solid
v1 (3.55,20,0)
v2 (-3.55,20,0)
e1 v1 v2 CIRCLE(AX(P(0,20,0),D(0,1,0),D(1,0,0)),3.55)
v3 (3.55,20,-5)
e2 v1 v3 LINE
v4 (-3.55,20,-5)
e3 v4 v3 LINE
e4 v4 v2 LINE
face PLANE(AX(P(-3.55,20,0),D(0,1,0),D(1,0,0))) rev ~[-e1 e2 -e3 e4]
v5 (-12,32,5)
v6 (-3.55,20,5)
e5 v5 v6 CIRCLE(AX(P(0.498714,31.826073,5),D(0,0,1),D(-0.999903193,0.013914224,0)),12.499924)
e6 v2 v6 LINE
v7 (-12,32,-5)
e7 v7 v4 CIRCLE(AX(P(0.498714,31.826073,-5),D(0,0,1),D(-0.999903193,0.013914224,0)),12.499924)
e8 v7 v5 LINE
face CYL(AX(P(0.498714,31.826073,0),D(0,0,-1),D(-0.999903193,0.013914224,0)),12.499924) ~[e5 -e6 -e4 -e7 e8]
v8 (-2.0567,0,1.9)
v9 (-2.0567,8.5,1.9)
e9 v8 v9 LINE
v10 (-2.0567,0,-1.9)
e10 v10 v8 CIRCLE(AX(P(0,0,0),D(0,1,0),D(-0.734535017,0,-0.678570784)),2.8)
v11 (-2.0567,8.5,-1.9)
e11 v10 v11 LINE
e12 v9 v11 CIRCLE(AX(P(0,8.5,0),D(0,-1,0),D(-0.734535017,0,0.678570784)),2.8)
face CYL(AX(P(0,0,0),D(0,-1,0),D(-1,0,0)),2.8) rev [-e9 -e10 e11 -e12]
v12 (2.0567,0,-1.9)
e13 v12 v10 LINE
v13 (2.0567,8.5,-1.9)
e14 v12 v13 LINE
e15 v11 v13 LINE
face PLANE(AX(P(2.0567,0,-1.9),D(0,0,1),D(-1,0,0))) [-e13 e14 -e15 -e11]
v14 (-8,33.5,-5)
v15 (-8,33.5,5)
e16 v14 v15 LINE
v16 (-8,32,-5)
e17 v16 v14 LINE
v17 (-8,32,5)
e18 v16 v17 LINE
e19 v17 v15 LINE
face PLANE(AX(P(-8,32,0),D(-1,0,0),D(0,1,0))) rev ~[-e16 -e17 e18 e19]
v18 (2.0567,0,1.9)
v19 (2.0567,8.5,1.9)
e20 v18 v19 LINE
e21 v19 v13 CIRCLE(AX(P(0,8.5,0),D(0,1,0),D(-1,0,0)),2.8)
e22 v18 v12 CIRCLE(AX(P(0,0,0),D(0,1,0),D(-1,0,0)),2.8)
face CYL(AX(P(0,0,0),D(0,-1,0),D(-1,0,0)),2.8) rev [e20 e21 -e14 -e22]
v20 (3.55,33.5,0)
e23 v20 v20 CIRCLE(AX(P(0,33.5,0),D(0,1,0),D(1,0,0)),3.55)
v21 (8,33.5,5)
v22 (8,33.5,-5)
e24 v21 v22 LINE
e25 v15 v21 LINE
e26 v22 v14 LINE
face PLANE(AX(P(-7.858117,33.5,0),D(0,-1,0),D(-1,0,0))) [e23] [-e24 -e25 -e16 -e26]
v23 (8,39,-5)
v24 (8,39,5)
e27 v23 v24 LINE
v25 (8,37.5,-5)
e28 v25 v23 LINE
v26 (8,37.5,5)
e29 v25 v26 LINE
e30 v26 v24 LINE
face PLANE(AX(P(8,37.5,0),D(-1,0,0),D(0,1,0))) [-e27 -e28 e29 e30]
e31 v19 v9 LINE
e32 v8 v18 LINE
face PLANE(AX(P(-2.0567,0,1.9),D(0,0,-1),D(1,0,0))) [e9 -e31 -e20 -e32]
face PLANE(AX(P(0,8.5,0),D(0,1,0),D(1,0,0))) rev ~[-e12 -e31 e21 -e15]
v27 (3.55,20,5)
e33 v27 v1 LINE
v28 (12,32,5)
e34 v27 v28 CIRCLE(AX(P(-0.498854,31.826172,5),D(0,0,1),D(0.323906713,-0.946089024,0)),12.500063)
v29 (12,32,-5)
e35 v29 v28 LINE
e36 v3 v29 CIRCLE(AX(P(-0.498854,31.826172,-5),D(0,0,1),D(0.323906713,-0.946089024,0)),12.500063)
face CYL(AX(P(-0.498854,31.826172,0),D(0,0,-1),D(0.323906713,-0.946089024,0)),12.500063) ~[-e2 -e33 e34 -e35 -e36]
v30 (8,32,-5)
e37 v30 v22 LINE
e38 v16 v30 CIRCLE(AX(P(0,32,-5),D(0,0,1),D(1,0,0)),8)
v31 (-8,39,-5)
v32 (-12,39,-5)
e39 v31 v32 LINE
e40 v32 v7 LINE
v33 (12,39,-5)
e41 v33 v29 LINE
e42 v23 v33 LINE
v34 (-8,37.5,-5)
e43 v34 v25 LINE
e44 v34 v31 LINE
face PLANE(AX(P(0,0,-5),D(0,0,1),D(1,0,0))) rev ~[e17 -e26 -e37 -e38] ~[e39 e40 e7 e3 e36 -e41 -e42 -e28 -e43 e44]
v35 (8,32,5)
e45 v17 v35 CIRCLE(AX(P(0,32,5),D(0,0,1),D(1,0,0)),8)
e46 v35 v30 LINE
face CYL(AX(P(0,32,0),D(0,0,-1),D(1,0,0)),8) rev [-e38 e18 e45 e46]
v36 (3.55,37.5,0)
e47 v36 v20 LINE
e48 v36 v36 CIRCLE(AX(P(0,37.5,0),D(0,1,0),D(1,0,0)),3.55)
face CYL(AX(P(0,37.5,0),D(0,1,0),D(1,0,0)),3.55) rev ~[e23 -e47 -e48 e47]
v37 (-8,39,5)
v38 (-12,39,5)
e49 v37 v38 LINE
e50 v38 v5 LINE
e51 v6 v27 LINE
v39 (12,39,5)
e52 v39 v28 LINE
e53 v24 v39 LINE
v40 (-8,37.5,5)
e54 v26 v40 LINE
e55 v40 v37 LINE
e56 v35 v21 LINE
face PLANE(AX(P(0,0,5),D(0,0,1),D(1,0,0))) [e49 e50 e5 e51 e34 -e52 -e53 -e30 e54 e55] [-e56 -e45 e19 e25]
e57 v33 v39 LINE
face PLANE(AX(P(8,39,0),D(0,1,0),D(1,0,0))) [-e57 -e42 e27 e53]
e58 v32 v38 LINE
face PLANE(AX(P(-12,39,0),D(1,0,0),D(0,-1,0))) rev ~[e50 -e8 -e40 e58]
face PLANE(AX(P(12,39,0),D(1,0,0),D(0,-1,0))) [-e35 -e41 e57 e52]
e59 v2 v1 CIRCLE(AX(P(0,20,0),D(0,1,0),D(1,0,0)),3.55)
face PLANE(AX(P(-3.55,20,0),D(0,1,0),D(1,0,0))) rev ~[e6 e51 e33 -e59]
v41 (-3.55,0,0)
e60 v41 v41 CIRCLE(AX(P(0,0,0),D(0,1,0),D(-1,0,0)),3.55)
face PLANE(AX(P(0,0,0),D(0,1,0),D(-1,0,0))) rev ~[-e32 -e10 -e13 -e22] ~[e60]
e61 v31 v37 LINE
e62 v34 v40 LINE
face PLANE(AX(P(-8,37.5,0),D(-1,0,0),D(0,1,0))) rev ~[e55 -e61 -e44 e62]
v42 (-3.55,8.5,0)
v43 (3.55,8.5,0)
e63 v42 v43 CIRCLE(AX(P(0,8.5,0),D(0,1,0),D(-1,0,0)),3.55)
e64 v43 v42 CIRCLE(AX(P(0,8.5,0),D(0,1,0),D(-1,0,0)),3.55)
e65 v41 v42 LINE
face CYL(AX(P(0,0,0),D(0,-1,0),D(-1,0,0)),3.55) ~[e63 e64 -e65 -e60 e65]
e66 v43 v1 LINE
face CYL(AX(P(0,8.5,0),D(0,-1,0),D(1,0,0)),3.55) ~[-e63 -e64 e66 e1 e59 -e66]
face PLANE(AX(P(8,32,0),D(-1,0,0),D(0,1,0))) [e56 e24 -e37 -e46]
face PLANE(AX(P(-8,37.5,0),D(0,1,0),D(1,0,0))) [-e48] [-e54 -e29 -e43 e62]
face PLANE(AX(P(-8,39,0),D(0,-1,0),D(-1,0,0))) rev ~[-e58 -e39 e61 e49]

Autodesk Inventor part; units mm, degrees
ref_plane "YZ Plane" through (0, 0, 0) normal (1, 0, 0) x (0, 1, 0)
ref_plane "XZ Plane" through (0, 0, 0) normal (0, 1, 0) x (-1, 0, 0)
ref_plane "XY Plane" through (0, 0, 0) normal (0, 0, 1) x (1, 0, 0)
sketch "Sketch1" plane through (0, 0, 0) normal (0, 1, 0) x (-1, 0, 0)
  circle A0 centre (0, 0) radius 3.55
  circle A1 centre (0, 0) radius 2.8
  line L0 (0, -2.8) -> (0, -1.9)
  line L1 (0, 2.8) -> (0, 1.9)
  line L2 (2.0567, 1.9) -> (-2.0567, 1.9)
  line L3 (-2.0567, -1.9) -> (2.0567, -1.9)
  dimension "d0" = 7.1
  dimension "d1" = 5.6
  dimension "d2" = 0.9
  dimension "d3" = 0.9
  dimension "d4" = 4.1134
  dimension "d5" = 4.1134
extrude "Extrusion1" add sketch "Sketch1" along normal blind 8.5 contours A0 | L2 L1 A1 | A1 L0 L3 | L1 L2 A1 | A1 L3 L0
sketch "Sketch2" plane through (0, 8.5, 0) normal (0, 1, 0) x (1, 0, 0)
  arc A0 (-2.0567, 1.9) -> (-2.0567, -1.9) centre (0, 0) ccw projected
  circle A1 centre (0, 0) radius 3.55
  dimension "d8" = 7.1
extrude "Extrusion2" add sketch "Sketch2" along normal blind 11.5
sketch "Sketch3" plane through (0, 0, 0) normal (0, 0, 1) x (1, 0, 0)
  line L0 (3.55, 20) -> (-3.55, 20) construction
  line L1 (0, 20) -> (0, 32) construction
  line L2 (0, 32) -> (-12, 32) construction
  line L3 (0, 32) -> (12, 32) construction
  arc A0 (-12, 32) -> (-3.55, 20) centre (0.4988, 31.8261) ccw
  arc A1 (3.55, 20) -> (12, 32) centre (-0.4988, 31.8261) ccw
  line L4 (-12, 32) -> (-8, 32)
  line L5 (12, 32) -> (8, 32)
  circle A2 centre (0, 32) radius 8
  line L6 (-12, 32) -> (-8, 32)
  line L7 (-8, 32) -> (-8, 39)
  line L8 (-8, 39) -> (-12, 39)
  line L9 (-12, 39) -> (-12, 32)
  line L10 (12, 32) -> (8, 32)
  line L11 (8, 32) -> (8, 39)
  line L12 (8, 39) -> (12, 39)
  line L13 (12, 39) -> (12, 32)
  line L14 (-8, 32) -> (-8, 34.0142) construction
  line L15 (-8, 39) -> (-8, 37.5) construction
  line L16 (8, 32) -> (8, 35.1588) construction
  line L17 (-8, 37.5) -> (8, 37.5)
  line L18 (8, 37.5) -> (8, 33.5)
  line L19 (8, 33.5) -> (-8, 33.5)
  line L20 (-8, 33.5) -> (-8, 37.5)
  line L21 (-3.55, 20) -> (3.55, 20)
  point P0 (0, 0)
  point P1 (8, 37.5)
  dimension "d11" = 12
  dimension "d12" = 12
  dimension "d13" = 12
  dimension "d14" = 12.5
  dimension "d15" = 12.5
  dimension "d16" = 4
  dimension "d17" = 4
  dimension "d18" = 7
  dimension "d19" = 7
  dimension "d20" = 4
  dimension "d21" = 4
  dimension "d22" = 1.5
  dimension "d23" = 1.5
  dimension "d24" = 1.5
extrude "Extrusion3" add sketch "Sketch3" along normal mid plane 10 contours L4 A2 L5 A1 L21 A0 | L9 L8 L7 L4 | L11 L12 L13 L5 | L19 L7 L17 A2 | A2 L17 L19 | A2 L17 L11 L19
sketch "Sketch4" plane through (-8, 37.5, 5) normal (0, 1, 0) x (1, 0, 0)
  circle A0 centre (8, 5) radius 3.55 projected
  circle A1 centre (8, 5) radius 3.55
  point P0 (8, 3.5)
extrude "Extrusion4" cut sketch "Sketch4" against normal blind 10
properties part number "Universal joint"
